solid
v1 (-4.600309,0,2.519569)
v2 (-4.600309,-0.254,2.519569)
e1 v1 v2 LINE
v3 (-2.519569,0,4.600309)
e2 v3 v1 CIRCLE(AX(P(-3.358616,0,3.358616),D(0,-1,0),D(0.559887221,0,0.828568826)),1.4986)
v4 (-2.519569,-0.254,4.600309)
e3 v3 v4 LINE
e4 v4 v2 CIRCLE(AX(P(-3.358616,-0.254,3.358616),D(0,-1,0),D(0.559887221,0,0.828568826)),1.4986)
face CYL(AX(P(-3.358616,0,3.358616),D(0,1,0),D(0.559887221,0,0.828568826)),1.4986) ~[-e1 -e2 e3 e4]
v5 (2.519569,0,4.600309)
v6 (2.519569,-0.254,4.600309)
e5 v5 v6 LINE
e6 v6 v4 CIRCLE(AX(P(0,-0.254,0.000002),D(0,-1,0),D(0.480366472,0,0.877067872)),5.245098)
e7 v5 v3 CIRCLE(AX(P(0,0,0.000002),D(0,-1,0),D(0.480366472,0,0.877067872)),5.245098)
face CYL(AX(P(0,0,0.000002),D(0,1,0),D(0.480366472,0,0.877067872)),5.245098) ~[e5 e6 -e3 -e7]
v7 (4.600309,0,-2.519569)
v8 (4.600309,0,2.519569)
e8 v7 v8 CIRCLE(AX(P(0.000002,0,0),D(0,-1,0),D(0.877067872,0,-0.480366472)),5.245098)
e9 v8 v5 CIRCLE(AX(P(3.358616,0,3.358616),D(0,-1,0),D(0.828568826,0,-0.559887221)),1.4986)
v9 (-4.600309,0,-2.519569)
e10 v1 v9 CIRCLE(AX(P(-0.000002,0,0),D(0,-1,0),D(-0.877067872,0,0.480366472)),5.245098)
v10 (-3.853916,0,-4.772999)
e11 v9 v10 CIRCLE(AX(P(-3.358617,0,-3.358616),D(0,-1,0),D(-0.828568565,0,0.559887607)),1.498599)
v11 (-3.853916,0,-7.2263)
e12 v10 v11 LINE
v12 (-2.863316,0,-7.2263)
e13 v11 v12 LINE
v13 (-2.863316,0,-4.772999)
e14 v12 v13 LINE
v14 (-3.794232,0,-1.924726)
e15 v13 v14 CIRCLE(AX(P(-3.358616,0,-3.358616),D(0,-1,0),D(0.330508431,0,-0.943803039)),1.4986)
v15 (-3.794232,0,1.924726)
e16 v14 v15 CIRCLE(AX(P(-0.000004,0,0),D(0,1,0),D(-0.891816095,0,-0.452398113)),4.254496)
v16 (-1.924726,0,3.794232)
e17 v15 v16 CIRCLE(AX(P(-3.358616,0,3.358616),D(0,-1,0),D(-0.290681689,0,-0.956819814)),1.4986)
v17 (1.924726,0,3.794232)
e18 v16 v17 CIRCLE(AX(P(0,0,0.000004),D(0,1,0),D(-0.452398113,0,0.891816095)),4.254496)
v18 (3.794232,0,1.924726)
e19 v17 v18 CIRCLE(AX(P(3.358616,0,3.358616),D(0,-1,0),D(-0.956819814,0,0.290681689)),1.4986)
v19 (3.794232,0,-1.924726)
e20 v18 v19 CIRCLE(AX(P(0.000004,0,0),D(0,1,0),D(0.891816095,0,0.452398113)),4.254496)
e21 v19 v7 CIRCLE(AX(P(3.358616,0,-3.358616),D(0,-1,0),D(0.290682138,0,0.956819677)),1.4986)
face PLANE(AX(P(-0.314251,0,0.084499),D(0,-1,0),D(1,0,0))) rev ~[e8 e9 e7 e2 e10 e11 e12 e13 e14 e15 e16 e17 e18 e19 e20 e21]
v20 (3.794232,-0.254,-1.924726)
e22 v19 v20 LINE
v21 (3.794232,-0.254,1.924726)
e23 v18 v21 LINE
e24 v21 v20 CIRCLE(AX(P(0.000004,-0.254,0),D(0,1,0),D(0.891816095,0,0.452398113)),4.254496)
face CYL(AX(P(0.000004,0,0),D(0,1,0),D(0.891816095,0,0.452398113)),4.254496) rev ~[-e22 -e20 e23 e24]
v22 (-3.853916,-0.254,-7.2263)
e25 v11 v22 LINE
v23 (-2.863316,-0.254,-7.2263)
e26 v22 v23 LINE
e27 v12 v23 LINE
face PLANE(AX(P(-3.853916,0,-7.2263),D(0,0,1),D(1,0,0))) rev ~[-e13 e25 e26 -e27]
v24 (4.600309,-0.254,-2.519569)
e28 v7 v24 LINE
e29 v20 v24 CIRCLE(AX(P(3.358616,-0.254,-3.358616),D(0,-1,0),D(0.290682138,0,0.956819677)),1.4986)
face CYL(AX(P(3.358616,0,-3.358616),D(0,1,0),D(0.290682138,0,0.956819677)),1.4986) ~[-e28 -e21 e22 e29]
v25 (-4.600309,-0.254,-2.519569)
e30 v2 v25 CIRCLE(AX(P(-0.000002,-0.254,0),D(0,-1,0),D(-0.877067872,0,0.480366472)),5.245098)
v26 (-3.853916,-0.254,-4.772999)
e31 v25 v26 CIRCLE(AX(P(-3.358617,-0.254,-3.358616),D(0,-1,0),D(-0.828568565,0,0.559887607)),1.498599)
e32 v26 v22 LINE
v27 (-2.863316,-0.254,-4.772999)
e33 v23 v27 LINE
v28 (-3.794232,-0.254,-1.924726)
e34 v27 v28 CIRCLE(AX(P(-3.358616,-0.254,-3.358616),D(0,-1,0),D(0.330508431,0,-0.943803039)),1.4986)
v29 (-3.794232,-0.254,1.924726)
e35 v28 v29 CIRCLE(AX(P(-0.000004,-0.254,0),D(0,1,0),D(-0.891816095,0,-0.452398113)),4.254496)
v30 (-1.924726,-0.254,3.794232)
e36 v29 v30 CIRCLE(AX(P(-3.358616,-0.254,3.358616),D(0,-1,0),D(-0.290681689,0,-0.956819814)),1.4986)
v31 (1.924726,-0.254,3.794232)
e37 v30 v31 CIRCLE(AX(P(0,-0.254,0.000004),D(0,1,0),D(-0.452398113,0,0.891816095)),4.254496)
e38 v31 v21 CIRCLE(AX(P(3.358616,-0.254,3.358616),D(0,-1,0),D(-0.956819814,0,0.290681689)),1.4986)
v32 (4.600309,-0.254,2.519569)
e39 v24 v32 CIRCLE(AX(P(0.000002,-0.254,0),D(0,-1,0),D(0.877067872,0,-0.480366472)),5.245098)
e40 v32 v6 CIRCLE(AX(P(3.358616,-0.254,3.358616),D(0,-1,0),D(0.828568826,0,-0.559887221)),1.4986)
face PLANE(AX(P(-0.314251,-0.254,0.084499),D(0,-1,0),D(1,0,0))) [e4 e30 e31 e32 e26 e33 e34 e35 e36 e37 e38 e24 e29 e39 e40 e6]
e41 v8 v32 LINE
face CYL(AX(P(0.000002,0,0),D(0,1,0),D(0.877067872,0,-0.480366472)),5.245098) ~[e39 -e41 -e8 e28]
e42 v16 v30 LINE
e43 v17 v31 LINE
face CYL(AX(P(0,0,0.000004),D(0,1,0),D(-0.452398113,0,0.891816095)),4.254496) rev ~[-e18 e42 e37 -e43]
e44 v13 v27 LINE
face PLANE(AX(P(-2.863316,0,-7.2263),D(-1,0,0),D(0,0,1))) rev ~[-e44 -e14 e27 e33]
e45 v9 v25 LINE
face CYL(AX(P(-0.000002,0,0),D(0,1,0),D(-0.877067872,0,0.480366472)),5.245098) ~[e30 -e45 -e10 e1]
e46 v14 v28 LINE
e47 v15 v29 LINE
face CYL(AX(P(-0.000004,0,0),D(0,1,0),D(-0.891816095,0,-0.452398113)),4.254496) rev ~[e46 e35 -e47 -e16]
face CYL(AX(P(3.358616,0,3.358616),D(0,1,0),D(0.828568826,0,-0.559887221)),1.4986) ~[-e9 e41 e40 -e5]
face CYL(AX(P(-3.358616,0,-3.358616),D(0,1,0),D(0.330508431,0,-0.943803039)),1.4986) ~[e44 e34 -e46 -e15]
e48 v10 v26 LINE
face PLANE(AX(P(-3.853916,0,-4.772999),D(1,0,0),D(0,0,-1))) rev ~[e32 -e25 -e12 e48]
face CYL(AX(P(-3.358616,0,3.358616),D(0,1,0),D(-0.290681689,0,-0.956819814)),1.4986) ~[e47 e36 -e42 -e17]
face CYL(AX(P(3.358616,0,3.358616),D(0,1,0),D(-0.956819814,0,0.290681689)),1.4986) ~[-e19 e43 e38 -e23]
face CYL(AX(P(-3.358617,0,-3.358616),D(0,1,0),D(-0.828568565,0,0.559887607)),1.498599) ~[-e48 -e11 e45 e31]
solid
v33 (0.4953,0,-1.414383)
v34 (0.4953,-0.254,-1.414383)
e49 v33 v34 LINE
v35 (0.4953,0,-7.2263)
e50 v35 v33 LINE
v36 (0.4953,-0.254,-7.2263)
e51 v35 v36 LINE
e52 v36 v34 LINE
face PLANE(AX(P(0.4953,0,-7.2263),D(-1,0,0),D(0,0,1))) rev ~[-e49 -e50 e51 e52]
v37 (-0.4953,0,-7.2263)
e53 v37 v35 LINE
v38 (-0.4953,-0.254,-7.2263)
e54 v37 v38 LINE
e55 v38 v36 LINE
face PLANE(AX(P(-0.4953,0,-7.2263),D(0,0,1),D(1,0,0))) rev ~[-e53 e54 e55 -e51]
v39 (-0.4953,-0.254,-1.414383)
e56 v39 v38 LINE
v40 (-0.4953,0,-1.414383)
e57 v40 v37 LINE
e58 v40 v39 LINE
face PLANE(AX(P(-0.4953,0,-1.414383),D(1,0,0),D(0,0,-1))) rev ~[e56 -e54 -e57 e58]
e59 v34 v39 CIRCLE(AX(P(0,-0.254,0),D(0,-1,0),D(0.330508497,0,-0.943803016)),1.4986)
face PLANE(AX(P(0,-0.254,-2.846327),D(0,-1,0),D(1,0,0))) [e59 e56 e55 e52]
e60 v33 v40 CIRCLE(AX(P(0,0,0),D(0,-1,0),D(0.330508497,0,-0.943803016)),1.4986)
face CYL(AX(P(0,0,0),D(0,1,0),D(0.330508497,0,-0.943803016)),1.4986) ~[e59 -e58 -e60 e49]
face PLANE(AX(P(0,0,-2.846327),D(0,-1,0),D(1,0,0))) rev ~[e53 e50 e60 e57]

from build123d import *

# Parameters (mm, degrees)
F1_DEPTH = 0.254


with BuildPart() as f1:
    # F0 (on Front) → F1 (new body)
    with BuildSketch(Plane.XZ):
        with BuildLine():
            ThreePointArc((-3.794232, -1.924726), (-4.2545, 0), (-3.794232, 1.924726))
            ThreePointArc((-3.794232, 1.924726), (-2.298946, 2.298946), (-1.924726, 3.794232))
            ThreePointArc((-1.924726, 3.794232), (0, 4.2545), (1.924726, 3.794232))
            ThreePointArc((1.924726, 3.794232), (2.298946, 2.298946), (3.794232, 1.924726))
            ThreePointArc((3.794232, 1.924726), (4.2545, 0), (3.794232, -1.924726))
            ThreePointArc((3.794232, -1.924726), (2.468783, -4.564435), (4.600309, -2.519569))
            ThreePointArc((4.600309, -2.519569), (5.2451, 0), (4.600309, 2.519569))
            ThreePointArc((4.600309, 2.519569), (4.418286, 4.418286), (2.519569, 4.600309))
            ThreePointArc((2.519569, 4.600309), (0, 5.2451), (-2.519569, 4.600309))
            ThreePointArc((-2.519569, 4.600309), (-4.418286, 4.418286), (-4.600309, 2.519569))
            ThreePointArc((-4.600309, 2.519569), (-5.2451, 0), (-4.600309, -2.519569))
            ThreePointArc((-4.600309, -2.519569), (-4.78121, -3.829815), (-3.853916, -4.772999))
            Line((-3.853916, -4.772999), (-3.853916, -7.2263))
            Line((-3.853916, -7.2263), (-2.863316, -7.2263))
            Line((-2.863316, -7.2263), (-2.863316, -4.772999))
            ThreePointArc((-2.863316, -4.772999), (-1.934167, -2.893055), (-3.794232, -1.924726))
        make_face()
        with BuildLine():
            Line((0.4953, -7.2263), (0.4953, -1.414383))
            ThreePointArc((0.4953, -1.414383), (0, 1.4986), (-0.4953, -1.414383))
            Line((-0.4953, -1.414383), (-0.4953, -7.2263))
            Line((-0.4953, -7.2263), (0.4953, -7.2263))
        make_face()
    extrude(amount=F1_DEPTH)


solid = f1.part
